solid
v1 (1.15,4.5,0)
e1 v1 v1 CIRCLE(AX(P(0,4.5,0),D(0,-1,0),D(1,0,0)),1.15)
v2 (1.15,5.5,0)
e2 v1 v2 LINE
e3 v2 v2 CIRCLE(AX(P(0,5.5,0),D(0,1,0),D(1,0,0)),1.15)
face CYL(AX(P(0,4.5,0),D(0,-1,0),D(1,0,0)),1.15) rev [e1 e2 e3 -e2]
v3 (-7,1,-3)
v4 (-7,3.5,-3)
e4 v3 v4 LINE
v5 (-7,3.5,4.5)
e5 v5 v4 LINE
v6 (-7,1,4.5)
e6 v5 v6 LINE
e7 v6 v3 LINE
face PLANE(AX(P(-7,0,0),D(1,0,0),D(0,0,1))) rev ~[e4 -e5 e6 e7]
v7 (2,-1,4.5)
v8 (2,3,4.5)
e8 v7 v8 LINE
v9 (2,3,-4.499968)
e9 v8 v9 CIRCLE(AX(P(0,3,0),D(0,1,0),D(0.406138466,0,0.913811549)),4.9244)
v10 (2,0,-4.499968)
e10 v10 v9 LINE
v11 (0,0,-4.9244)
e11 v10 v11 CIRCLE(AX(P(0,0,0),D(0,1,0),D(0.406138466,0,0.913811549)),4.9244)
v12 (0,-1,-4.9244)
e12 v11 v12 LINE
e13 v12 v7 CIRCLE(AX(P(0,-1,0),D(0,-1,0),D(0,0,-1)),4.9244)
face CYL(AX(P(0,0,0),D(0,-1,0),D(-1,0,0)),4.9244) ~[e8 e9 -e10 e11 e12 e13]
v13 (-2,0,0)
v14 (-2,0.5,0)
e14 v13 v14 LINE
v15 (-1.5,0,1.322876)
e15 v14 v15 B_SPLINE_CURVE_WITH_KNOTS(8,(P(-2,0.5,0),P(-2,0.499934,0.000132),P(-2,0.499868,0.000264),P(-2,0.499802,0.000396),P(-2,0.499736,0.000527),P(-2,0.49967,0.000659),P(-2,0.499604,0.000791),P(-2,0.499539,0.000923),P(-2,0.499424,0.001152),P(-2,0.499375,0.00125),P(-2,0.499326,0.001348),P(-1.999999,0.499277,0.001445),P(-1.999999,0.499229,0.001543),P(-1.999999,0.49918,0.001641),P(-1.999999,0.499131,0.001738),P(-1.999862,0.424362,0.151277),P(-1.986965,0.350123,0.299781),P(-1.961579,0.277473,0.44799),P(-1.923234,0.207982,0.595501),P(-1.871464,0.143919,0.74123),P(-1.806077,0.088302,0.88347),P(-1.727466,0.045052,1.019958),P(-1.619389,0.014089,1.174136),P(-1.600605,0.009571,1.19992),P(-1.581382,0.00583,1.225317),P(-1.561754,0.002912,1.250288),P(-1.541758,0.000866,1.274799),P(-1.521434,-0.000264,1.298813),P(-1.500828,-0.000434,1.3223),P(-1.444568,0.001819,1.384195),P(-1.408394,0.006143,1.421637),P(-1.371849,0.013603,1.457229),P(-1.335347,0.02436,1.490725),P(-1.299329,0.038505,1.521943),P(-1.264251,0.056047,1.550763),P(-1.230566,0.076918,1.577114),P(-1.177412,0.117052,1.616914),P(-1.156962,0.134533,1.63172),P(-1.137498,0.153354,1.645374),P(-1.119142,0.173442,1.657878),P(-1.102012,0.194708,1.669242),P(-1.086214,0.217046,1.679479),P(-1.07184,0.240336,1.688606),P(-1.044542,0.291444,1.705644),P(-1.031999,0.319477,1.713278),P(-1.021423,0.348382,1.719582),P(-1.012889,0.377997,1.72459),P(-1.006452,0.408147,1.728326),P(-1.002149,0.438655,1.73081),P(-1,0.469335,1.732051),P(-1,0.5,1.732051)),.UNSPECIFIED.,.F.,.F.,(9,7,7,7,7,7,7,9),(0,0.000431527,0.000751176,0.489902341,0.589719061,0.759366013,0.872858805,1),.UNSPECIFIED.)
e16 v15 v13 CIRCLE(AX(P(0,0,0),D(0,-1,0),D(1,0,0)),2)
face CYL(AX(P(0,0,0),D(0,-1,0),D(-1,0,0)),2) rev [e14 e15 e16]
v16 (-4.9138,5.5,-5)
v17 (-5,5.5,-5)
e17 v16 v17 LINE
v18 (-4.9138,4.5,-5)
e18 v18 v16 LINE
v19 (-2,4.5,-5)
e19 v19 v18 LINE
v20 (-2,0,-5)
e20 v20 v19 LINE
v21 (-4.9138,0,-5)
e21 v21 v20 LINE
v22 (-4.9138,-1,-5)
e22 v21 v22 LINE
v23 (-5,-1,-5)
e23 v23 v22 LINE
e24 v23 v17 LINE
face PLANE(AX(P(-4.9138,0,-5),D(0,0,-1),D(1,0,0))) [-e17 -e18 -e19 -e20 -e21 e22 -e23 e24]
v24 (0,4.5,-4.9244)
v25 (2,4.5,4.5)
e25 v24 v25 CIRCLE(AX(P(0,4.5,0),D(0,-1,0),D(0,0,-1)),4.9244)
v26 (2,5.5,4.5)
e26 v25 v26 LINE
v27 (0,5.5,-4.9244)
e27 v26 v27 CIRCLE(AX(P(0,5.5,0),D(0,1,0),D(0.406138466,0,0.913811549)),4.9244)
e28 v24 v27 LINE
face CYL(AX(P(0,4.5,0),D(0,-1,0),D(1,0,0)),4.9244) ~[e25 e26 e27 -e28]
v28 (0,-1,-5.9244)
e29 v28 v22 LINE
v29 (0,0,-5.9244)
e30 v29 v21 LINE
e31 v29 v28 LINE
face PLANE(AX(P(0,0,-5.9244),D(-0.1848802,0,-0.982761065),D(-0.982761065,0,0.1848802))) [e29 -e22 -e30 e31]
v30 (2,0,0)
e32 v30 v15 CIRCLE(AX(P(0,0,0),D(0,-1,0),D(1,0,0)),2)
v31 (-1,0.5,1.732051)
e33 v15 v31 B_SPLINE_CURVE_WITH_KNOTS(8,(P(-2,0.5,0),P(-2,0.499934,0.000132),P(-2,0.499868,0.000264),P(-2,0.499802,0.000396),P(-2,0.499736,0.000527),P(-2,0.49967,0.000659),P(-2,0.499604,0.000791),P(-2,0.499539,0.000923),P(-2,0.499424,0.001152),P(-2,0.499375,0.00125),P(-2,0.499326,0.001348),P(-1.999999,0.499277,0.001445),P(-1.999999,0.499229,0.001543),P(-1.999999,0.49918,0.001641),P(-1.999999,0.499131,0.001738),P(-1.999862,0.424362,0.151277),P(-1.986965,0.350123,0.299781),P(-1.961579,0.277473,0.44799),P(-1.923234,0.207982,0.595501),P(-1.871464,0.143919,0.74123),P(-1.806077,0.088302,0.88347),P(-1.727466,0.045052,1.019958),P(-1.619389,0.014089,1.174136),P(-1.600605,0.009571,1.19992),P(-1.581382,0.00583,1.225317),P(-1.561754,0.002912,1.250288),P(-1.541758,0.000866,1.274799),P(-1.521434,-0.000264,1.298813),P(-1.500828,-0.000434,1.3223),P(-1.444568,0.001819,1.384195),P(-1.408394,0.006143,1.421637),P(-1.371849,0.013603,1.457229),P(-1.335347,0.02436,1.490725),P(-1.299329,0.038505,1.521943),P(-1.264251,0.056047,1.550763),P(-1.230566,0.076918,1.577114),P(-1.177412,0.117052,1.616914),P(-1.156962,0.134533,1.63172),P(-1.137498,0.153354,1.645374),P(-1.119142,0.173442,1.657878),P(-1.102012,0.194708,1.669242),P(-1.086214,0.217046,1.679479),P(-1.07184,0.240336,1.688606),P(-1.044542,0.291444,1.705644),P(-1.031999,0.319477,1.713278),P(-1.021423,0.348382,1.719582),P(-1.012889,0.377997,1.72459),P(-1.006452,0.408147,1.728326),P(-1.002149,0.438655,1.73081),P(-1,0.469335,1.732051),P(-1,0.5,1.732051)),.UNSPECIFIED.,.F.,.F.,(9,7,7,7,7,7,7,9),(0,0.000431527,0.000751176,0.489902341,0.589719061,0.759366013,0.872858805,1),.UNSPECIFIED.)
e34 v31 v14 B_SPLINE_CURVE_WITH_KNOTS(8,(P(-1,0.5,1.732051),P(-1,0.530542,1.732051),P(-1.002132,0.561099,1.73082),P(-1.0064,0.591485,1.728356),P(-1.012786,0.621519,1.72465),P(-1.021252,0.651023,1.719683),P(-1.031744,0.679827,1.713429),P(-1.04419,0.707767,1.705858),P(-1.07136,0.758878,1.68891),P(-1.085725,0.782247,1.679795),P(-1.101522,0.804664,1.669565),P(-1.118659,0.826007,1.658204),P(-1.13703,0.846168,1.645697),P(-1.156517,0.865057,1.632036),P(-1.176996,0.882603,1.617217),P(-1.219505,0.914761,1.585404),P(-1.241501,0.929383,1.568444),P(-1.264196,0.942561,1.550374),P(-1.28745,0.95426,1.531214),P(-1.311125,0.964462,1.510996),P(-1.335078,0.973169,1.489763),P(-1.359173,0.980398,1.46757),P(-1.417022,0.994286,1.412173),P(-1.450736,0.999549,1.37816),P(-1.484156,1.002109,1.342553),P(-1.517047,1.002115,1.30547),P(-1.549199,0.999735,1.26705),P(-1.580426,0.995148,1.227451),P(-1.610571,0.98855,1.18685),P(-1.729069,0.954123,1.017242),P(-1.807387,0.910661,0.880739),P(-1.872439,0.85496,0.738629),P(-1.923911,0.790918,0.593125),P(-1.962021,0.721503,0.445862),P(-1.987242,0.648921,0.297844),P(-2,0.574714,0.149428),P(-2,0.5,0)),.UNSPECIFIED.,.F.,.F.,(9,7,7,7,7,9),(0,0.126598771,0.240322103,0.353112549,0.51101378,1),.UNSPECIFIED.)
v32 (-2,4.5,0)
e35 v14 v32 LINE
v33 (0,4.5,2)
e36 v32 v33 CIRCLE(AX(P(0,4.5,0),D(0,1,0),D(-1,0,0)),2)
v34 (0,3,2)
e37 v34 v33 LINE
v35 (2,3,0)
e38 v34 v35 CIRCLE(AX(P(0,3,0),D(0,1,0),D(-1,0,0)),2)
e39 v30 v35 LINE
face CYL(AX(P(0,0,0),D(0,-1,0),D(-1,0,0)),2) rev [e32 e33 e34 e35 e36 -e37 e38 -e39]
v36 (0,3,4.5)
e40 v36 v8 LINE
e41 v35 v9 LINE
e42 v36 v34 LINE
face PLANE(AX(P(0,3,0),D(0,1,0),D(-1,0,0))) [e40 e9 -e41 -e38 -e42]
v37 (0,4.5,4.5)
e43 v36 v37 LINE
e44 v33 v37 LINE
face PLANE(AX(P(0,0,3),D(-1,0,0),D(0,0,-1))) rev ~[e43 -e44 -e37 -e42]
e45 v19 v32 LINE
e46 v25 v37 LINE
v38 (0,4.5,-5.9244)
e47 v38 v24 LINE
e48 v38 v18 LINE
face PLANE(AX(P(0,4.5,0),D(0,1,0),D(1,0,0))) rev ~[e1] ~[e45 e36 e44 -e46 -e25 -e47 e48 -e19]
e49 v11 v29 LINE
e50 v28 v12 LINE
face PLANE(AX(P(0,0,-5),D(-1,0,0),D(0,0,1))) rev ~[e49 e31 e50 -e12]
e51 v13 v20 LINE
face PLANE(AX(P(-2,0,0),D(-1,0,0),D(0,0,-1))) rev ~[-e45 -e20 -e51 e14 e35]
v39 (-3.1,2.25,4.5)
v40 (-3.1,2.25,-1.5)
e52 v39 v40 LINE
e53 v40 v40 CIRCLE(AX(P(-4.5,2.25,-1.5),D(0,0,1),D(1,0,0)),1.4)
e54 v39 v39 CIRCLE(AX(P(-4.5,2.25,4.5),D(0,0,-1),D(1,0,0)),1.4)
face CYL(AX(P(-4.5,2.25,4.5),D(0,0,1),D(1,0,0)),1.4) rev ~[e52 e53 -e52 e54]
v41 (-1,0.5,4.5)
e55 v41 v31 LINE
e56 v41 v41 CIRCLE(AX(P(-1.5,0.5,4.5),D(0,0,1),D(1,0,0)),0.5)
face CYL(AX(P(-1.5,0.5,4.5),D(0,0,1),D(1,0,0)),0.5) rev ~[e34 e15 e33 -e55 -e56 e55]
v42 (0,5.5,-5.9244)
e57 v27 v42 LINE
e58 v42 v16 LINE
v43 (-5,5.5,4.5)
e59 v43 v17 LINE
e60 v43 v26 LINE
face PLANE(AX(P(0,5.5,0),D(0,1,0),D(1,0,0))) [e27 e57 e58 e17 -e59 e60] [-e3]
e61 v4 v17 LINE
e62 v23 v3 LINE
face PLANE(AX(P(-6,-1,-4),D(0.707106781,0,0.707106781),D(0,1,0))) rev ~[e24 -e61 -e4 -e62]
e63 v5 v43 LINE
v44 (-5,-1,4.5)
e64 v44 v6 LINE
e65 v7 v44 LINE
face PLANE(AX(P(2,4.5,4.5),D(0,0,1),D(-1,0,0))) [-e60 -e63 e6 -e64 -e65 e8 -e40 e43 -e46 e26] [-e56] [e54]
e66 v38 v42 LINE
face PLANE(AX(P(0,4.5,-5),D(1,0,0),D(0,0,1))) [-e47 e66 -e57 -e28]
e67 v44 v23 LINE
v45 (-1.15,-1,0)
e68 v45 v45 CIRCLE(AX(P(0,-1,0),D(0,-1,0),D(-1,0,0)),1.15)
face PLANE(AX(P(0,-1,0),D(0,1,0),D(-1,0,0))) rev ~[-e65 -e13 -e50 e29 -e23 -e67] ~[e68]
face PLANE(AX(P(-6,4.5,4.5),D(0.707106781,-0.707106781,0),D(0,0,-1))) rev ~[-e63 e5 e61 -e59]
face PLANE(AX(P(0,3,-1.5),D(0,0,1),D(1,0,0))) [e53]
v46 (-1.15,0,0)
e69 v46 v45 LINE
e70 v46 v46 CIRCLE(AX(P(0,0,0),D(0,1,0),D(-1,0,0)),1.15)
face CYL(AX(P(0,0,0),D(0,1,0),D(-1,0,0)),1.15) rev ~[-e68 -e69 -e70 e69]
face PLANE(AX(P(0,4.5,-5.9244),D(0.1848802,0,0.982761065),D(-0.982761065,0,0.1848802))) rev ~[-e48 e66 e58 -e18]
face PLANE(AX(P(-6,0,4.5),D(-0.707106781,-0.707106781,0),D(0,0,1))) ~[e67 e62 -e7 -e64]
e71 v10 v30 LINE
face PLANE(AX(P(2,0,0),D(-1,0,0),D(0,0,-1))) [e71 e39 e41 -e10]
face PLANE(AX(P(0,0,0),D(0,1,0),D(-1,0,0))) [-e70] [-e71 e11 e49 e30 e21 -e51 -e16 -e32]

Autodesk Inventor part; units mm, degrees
ref_plane "YZ Plane" through (0, 0, 0) normal (1, 0, 0) x (0, 1, 0)
ref_plane "XZ Plane" through (0, 0, 0) normal (0, 1, 0) x (-1, 0, 0)
ref_plane "XY Plane" through (0, 0, 0) normal (0, 0, 1) x (1, 0, 0)
sketch "スケッチ1" plane through (0, 0, 0) normal (0, 1, 0) x (-1, 0, 0)
  circle A0 centre (0, 0) radius 1.15
  circle A1 centre (0, 0) radius 2
  circle A2 centre (0, 0) radius 5
  line L0 (0, 0) -> (7, 0)
  line L1 (7, 0) -> (7, 4.5)
  line L2 (7, 4.5) -> (0, 4.5)
  line L3 (0, 4.5) -> (0, 0)
  line L4 (0, 0) -> (7, 0)
  line L5 (7, 0) -> (7, -5)
  line L6 (7, -5) -> (0, -5)
  line L7 (0, -5) -> (0, 0)
  line L8 (0, 4.5) -> (-2, 4.5)
  line L9 (-2, 4.5) -> (-2, 0)
  line L10 (-2, 0) -> (0, 0)
  line L11 (0, 0) -> (0, 4.5)
  circle A3 centre (0, 0) radius 3
  line L12 (-2, 0) -> (-2, -5)
  line L13 (-2, -5) -> (0, -5)
  line L14 (2, 0) -> (2, -5)
  circle A4 centre (0, 0) radius 4.9244
  line L15 (-2, 0) -> (-4.9244, 0)
  line L16 (0, -4.9244) -> (0, -5.9244)
  line L17 (0, -5.9244) -> (7, -5.9244)
  line L18 (7, -5.9244) -> (7, -5)
  line L19 (7, -5) -> (0, -5.9244)
  line L20 (0, -5.9244) -> (4.9138, -5)
  point P0 (0, 2)
  point P1 (-2, 2.2361)
  point P2 (-2, -2.2361)
  point P3 (-2, -4.5826)
  point P4 (-2, -4.5)
  point P5 (0, -4.9244)
  dimension "d2" = 10
  dimension "d0" = 2.3
  dimension "d1" = 4
  dimension "d3" = 7
  dimension "d4" = 4.5
  dimension "d5" = 6
  dimension "d22" = 1
  dimension "d34" = 5
extrude "押し出し1" add sketch "スケッチ1" along normal blind 4.5 contours A1 L3 A3 L0 | L0 A3 L14 | A3 L3 L2 A4 L0 | L0 A4 L14 A3 | A4 L2 A2 L0 | L0 A2 L14 A4 | L0 L5 L6 L14 A2 | A2 L2 L1 L0
extrude "押し出し2" add sketch "スケッチ1" along normal blind 3 contours A1 L9 A3 L3 | L15 A3 L9 | L12 A3 L15 | A3 L9 L8 L3 | A3 L15 A4 L9 | L12 A4 L15 A3
extrude "押し出し3" add sketch "スケッチ1" against normal blind 1 contours L0 A1 L7 A0 | A0 L3 A1 L0 | A0 L10 A1 L3 | L7 A1 L10 A0 | L14 A3 L7 A1 | A1 L3 A3 L0 | L0 A3 L14 | A1 L9 A3 L3 | L7 A3 L12 A1 | A3 L3 L2 A4 L0 | L0 A4 L14 A3 | L14 A4 L7 A3 | L15 A3 L9 | L12 A3 L15 | A3 L9 L8 L3 | L7 A4 L12 A3 | A4 L2 A2 L0 | L0 A2 L14 A4 | L14 A2 L7 A4 | A3 L15 A4 L9 | L12 A4 L15 A3 | L0 L5 L6 L14 A2 | A2 L2 L1 L0 | L14 L6 A2 | L6 L20 L16
sketch "スケッチ2" plane through (0, 4.5, 0) normal (0, 1, 0) x (1, 0, 0)
  circle A0 centre (0, 0) radius 1.15
  circle A1 centre (0, 0) radius 2
  circle A2 centre (0, 0) radius 4.9244
  line L0 (0, 0) -> (2, 0)
  line L1 (2, 0) -> (2, -4.5)
  line L2 (2, -4.5) -> (0, -4.5)
  line L3 (0, -4.5) -> (0, 0)
  line L4 (-2, 5) -> (-7, 5) projected
  line L5 (0, -4.5) -> (-7, -4.5)
  line L6 (-7, -4.5) -> (-7, 5)
  line L7 (-7, 5) -> (0, 5)
  line L8 (0, 5) -> (0, -4.5)
  line L9 (0, 0) -> (2, 0)
  line L10 (2, 0) -> (2, 5)
  line L11 (2, 5) -> (0, 5)
  line L12 (0, 5) -> (0, 0)
  line L13 (0, 5) -> (-7, 5)
  line L14 (0, 5.9244) -> (0, 5)
  line L15 (-7, 5) -> (0, 5.9244)
  line L16 (0, 5.9244) -> (-4.9138, 5)
  line L17 (-2, 5) -> (-7, 5) projected
  point P0 (0, 4.9244)
  dimension "d12" = 4
  dimension "d35" = 5
extrude "押し出し4" add sketch "スケッチ2" along normal blind 1 contours L0 A1 L3 A0 | A0 L8 A1 L0 | A0 L3 A1 L8 | L1 L2 L3 A1 | L10 A2 L1 | A1 L8 A2 L10 | A1 L3 L5 A2 L8 | A2 L5 L6 L4 L7 L8 | L7 L4 L16 L14
sketch "スケッチ4" plane through (0, 3, 4.5) normal (0, 0, 1) x (1, 0, 0)
  line L0 (-7, 2.5) -> (2, 2.5) projected
  line L1 (-7, 2.5) -> (-4.5, 2.5)
  line L2 (-4.5, 2.5) -> (-4.5, -0.75)
  line L3 (-4.5, -0.75) -> (-7, -0.75)
  line L4 (-7, -0.75) -> (-7, 2.5)
  circle A0 centre (-4.5, -0.75) radius 1.4
  line L5 (0, -3) -> (0, -2.5)
  line L6 (0, -2.5) -> (-1.5, -2.5)
  circle A1 centre (-1.5, -2.5) radius 0.5
  dimension "d23" = 2.5
  dimension "d24" = 3.25
  dimension "d25" = 2.8
  dimension "d26" = 0.5
  dimension "d27" = 1.5
  dimension "d28" = 1
extrude "押し出し6" cut sketch "スケッチ4" against normal blind 6 contours A0 L3 L2 | L2 L3 A0 | A1
chamfer "面取り2" distance 2 angle 45 3 edges at (-7, 5.5, -0.25) (-7, -1, -0.25) (-7, 2.25, -5)
properties part number "rod5.5"
